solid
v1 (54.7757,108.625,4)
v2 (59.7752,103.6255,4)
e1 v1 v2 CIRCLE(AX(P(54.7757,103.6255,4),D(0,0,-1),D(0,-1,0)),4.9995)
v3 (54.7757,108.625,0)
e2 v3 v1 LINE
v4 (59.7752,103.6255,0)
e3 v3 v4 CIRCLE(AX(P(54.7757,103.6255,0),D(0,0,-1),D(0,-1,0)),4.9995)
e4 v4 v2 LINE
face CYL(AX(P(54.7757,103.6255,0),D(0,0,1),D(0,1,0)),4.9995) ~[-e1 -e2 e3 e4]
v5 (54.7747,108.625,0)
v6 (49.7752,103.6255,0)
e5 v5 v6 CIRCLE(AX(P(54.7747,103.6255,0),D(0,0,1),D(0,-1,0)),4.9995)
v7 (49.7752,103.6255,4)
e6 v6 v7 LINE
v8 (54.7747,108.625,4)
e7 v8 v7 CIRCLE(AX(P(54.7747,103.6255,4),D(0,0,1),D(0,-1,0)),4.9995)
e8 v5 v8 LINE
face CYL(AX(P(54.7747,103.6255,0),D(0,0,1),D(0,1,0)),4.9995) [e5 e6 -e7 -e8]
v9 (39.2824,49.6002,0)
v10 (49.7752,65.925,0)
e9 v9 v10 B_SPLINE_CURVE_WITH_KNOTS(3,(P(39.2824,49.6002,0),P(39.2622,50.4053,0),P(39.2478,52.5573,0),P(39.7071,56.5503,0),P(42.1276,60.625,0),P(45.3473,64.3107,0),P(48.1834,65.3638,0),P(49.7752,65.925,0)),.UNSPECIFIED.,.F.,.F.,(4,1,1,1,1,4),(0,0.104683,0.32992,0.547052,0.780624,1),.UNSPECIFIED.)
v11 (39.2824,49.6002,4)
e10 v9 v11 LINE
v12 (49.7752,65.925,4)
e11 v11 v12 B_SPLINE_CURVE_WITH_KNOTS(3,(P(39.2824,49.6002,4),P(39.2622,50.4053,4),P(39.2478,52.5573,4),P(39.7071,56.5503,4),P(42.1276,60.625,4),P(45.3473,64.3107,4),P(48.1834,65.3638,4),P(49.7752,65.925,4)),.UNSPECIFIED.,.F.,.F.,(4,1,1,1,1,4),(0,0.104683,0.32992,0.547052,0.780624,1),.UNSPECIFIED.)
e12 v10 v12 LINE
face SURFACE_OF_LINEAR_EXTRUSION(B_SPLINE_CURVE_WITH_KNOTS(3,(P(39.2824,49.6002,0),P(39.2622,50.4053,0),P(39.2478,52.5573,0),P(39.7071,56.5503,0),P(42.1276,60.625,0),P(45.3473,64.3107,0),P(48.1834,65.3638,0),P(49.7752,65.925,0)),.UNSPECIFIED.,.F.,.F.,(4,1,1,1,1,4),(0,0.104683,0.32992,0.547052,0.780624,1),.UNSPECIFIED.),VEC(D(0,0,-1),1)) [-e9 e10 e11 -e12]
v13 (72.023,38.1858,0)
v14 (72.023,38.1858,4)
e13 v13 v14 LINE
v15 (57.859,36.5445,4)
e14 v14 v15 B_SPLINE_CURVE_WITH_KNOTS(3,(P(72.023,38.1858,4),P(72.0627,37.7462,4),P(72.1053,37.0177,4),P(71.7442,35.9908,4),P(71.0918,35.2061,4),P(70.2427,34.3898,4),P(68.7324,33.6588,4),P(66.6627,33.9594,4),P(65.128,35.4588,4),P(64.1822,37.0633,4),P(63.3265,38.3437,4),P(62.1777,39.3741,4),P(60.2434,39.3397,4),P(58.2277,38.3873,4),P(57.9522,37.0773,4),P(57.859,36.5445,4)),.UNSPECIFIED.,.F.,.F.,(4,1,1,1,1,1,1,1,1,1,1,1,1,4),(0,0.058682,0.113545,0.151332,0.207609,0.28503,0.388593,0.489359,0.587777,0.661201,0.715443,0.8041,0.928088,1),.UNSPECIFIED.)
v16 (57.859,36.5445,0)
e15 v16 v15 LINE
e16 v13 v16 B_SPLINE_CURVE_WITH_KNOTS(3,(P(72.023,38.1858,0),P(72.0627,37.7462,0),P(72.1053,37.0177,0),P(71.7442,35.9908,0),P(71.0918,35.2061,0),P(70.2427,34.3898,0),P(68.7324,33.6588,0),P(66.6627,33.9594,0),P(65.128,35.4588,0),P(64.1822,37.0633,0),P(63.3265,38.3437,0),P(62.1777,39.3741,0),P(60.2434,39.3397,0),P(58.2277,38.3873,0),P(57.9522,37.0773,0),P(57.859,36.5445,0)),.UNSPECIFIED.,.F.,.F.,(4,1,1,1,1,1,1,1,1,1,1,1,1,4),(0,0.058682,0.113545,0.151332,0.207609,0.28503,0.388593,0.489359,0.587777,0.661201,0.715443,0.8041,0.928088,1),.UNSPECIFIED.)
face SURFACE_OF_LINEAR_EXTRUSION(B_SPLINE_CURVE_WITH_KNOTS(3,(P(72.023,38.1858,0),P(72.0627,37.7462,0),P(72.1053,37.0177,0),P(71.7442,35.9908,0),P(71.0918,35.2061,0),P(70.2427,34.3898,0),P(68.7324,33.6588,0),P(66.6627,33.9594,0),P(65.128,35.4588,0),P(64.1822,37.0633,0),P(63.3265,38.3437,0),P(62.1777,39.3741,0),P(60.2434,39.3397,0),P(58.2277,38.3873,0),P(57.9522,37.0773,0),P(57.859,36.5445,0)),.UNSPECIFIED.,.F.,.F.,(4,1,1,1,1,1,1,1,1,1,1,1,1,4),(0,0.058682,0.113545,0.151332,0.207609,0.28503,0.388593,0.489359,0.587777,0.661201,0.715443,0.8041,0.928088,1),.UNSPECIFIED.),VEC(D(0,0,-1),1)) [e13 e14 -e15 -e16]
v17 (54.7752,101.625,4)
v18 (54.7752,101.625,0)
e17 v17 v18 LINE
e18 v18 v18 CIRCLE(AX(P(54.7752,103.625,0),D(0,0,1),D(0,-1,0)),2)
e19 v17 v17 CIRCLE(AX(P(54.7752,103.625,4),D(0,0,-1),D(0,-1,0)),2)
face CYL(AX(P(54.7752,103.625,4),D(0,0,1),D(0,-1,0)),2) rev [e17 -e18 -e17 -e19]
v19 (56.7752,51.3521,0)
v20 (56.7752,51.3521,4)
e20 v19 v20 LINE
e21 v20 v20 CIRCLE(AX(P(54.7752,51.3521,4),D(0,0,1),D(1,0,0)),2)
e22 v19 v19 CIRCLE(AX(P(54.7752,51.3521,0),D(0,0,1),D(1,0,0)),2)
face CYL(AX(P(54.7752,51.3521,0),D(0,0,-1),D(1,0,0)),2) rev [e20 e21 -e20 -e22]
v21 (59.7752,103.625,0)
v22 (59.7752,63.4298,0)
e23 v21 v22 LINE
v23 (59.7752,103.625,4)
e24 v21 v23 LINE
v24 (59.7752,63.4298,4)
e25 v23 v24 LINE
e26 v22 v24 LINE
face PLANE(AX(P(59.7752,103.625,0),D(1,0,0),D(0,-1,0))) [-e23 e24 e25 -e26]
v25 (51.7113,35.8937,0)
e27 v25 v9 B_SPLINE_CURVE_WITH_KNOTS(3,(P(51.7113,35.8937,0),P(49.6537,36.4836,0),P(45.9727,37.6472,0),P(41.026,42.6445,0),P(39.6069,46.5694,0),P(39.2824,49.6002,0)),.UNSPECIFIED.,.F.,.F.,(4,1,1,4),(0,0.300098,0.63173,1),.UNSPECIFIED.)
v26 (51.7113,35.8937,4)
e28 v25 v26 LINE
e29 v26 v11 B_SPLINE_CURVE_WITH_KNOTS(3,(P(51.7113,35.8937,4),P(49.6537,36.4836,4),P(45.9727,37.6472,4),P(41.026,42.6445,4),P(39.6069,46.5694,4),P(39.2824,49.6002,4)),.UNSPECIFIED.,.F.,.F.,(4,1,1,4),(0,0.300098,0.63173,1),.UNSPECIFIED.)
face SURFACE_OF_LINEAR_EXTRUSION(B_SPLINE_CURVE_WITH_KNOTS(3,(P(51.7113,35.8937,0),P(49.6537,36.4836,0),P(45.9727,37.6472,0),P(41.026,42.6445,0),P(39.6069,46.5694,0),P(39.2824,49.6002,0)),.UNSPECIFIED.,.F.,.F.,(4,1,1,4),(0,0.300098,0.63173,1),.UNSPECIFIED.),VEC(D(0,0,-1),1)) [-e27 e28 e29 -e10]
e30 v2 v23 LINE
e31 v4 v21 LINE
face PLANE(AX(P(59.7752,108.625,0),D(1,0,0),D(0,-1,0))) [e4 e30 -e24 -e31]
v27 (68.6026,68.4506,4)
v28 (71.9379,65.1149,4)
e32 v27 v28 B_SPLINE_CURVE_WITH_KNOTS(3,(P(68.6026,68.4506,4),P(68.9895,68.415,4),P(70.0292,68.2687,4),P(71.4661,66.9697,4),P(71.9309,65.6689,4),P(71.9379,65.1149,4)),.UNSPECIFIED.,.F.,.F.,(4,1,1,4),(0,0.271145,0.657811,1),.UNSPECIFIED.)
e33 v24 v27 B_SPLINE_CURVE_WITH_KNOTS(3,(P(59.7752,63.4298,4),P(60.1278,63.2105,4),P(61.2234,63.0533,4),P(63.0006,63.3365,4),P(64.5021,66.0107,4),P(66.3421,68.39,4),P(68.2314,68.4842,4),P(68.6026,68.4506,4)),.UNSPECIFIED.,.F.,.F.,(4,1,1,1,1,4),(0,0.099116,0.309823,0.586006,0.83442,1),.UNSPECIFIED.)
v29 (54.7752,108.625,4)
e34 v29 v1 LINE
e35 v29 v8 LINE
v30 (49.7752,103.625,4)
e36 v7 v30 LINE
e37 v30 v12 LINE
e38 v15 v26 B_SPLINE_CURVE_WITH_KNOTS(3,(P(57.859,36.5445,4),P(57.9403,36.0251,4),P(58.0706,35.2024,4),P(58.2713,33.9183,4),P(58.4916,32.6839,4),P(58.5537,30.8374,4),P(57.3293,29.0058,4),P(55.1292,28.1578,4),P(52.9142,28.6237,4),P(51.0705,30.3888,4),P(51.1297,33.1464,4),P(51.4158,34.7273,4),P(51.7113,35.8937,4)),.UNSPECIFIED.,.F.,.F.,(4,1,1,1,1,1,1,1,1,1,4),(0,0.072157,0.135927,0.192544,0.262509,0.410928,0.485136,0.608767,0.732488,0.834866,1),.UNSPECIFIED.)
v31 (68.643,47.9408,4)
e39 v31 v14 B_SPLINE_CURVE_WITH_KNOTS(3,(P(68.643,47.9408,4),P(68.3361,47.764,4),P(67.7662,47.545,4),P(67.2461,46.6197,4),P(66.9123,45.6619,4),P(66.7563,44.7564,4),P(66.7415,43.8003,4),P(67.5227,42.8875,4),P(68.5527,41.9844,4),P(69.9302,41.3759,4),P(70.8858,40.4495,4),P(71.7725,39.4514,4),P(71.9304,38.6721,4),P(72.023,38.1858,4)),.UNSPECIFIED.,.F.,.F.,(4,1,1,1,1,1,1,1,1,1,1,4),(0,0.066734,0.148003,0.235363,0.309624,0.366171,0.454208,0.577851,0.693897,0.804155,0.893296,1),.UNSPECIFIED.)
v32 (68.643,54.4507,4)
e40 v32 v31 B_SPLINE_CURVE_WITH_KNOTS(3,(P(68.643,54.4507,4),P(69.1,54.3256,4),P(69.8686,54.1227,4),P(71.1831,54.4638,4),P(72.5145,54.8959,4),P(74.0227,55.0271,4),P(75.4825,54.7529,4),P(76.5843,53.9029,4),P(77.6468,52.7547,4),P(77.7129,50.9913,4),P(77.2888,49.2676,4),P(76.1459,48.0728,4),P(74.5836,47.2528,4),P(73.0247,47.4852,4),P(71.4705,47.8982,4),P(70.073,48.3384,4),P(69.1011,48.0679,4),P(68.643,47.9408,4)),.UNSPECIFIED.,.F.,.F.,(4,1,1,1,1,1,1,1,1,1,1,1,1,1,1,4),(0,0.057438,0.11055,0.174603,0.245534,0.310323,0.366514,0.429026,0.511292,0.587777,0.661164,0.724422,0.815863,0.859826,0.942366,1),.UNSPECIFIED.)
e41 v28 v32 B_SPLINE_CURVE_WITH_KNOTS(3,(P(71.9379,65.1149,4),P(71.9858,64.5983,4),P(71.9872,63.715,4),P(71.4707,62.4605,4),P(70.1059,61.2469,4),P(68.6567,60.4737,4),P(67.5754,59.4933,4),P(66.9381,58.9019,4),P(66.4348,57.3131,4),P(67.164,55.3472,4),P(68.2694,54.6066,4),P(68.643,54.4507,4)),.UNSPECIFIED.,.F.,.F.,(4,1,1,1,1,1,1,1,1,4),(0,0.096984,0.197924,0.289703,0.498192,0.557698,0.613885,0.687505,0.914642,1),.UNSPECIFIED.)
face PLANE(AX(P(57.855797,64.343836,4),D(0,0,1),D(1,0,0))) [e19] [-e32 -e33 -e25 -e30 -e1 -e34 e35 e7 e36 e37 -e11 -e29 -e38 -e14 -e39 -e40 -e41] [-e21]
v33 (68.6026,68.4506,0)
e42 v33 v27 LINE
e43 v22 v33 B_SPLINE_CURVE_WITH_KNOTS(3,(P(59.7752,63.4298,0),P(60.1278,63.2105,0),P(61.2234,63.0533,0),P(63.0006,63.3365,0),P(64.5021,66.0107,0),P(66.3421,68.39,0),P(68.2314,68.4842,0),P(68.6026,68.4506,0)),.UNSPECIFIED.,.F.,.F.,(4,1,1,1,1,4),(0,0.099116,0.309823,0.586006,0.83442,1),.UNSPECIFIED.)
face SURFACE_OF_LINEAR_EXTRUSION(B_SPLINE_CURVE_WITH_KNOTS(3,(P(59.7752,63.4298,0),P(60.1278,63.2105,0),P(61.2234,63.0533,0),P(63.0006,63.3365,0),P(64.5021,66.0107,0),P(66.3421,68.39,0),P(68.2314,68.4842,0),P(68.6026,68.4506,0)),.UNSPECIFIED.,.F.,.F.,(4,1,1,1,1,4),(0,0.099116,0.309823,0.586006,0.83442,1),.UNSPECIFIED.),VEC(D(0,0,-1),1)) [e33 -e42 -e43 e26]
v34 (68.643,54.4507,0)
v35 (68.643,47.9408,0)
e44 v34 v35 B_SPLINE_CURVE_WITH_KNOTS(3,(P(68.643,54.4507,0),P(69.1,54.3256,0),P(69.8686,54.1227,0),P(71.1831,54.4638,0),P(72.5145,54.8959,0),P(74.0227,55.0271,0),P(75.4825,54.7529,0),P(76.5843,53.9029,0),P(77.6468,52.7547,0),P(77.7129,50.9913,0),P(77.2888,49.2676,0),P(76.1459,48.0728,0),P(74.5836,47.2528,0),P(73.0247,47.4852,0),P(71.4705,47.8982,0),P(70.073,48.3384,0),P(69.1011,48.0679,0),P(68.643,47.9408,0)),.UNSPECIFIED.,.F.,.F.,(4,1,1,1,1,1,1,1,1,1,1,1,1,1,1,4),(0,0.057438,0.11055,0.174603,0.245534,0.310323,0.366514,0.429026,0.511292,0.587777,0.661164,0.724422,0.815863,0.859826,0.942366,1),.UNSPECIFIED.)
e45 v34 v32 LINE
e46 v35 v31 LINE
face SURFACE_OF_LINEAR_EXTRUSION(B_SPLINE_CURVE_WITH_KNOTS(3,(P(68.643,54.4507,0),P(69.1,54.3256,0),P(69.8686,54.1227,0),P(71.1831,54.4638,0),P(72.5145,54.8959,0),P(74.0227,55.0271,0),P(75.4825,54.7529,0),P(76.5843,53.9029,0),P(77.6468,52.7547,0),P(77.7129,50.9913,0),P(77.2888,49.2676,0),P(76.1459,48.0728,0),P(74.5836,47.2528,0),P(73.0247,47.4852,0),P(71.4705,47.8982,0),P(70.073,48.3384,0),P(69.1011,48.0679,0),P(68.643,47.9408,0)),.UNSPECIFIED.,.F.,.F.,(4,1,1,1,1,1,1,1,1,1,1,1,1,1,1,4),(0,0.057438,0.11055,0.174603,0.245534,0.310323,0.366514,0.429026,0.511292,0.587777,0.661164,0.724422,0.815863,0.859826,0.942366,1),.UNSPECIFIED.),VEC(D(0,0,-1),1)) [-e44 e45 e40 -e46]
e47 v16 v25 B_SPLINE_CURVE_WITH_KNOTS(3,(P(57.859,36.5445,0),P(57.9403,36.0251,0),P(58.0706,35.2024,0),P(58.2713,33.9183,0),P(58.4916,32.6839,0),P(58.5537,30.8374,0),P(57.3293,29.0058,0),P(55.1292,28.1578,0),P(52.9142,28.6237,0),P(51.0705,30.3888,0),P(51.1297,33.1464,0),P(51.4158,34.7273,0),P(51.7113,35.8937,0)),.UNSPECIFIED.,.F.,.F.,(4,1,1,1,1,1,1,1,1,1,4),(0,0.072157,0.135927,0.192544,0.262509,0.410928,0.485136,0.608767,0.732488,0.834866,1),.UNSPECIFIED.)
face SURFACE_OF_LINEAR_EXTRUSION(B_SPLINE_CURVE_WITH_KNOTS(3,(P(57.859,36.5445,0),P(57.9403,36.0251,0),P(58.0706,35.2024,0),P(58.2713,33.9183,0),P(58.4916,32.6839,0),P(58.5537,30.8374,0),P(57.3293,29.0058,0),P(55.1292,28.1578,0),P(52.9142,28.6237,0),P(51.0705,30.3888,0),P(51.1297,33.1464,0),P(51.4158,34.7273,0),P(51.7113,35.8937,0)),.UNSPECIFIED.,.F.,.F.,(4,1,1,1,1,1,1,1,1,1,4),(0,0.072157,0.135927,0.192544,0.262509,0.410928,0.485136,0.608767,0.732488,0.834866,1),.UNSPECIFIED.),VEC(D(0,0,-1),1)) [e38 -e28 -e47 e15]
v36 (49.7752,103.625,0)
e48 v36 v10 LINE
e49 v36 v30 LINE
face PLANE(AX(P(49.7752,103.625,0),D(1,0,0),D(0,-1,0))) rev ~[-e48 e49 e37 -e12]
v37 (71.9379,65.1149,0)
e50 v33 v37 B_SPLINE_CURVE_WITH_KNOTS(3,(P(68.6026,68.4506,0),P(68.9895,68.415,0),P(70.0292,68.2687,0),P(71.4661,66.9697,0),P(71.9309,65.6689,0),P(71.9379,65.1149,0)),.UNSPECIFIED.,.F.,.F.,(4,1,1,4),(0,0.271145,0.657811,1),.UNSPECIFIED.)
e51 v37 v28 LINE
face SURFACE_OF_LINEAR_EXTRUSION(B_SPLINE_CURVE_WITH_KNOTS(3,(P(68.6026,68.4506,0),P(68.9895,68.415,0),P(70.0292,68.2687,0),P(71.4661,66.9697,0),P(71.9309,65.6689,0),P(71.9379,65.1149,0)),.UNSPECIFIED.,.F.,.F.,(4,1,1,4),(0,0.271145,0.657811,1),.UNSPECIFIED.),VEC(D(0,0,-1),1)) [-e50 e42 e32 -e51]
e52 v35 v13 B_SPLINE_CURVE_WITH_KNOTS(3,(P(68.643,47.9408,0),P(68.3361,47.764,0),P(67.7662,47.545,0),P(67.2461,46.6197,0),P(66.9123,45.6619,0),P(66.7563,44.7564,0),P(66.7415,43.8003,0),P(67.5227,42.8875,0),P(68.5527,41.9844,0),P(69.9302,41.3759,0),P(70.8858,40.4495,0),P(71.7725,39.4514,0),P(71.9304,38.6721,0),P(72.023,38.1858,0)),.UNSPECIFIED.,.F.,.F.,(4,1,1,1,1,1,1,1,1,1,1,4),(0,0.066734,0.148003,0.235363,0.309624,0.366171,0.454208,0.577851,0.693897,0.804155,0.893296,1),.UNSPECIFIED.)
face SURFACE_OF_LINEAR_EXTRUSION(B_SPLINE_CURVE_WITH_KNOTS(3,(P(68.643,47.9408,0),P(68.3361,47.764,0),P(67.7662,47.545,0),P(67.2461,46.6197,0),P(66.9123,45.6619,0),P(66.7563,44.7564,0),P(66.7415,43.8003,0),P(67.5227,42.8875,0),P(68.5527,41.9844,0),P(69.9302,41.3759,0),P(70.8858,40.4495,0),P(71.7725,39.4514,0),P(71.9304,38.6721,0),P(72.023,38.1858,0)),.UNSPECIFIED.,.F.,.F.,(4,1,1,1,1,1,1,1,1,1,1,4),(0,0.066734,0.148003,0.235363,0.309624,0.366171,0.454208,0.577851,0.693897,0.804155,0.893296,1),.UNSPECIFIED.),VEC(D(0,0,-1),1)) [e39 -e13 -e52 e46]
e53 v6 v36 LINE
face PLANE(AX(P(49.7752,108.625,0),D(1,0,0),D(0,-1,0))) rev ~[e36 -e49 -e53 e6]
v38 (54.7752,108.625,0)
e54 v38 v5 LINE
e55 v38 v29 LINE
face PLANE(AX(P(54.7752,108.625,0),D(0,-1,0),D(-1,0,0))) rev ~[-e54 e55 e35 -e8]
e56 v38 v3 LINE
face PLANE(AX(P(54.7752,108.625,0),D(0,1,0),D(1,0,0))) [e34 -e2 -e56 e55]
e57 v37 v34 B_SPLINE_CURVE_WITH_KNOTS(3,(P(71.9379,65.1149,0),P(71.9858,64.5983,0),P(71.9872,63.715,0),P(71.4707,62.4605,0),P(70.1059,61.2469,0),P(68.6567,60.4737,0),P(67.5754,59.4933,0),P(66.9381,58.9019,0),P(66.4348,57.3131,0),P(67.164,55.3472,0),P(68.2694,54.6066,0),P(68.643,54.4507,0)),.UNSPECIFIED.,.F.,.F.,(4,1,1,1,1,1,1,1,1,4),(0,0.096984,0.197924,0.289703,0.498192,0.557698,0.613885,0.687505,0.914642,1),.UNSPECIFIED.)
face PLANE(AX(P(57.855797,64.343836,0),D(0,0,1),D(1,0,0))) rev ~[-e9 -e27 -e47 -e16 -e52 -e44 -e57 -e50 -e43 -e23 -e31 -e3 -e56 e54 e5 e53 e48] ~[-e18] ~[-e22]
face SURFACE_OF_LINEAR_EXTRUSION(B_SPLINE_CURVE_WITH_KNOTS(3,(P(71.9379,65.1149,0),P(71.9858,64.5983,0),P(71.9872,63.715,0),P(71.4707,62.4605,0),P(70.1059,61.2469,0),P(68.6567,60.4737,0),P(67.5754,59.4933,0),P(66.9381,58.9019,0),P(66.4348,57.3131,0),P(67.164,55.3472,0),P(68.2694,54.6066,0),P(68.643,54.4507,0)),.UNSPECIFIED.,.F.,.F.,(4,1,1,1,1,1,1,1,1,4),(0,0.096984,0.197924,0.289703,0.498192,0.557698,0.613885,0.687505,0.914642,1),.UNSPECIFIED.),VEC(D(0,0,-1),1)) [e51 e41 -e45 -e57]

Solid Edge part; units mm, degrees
sketch "Sketch1" plane through (0, 0, 0) normal (0, 0, 1) x (1, 0, 0)
  line L0 (54.7752, 108.625) -> (49.7752, 108.625)
  line L1 (49.7752, 108.625) -> (49.7752, 103.625)
  line L2 (49.7752, 103.625) -> (49.7752, 65.925)
  spline S0 degree 3 poles (39.2824, 49.6002) (39.2622, 50.4053) (39.2478, 52.5573) (39.7071, 56.5503) (42.1276, 60.625) (45.3473, 64.3107) (48.1834, 65.3638) (49.7752, 65.925) knots 0 0 0 0 0.104683 0.32992 0.547052 0.780624 1 1 1 1
  spline S1 degree 3 poles (51.7113, 35.8937) (49.6537, 36.4836) (45.9727, 37.6472) (41.026, 42.6445) (39.6069, 46.5694) (39.2824, 49.6002) knots 0 0 0 0 0.300098 0.63173 1 1 1 1
  spline S2 degree 3 poles (57.859, 36.5445) (57.9403, 36.0251) (58.0706, 35.2024) (58.2713, 33.9183) (58.4916, 32.6839) (58.5537, 30.8374) (57.3293, 29.0058) (55.1292, 28.1578) (52.9142, 28.6237) (51.0705, 30.3888) (51.1297, 33.1464) (51.4158, 34.7273) (51.7113, 35.8937) knots 0 0 0 0 0.072157 0.135927 0.192544 0.262509 0.410928 0.485136 0.608767 0.732488 0.834866 1 1 1 1
  spline S3 degree 3 poles (72.023, 38.1858) (72.0627, 37.7462) (72.1053, 37.0177) (71.7442, 35.9908) (71.0918, 35.2061) (70.2427, 34.3898) (68.7324, 33.6588) (66.6627, 33.9594) (65.128, 35.4588) (64.1822, 37.0633) (63.3265, 38.3437) (62.1777, 39.3741) (60.2434, 39.3397) (58.2277, 38.3873) (57.9522, 37.0773) (57.859, 36.5445) knots 0 0 0 0 0.058682 0.113545 0.151332 0.207609 0.28503 0.388593 0.489359 0.587777 0.661201 0.715443 0.8041 0.928088 1 1 1 1
  spline S4 degree 3 poles (68.643, 47.9408) (68.3361, 47.764) (67.7662, 47.545) (67.2461, 46.6197) (66.9123, 45.6619) (66.7563, 44.7564) (66.7415, 43.8003) (67.5227, 42.8875) (68.5527, 41.9844) (69.9302, 41.3759) (70.8858, 40.4495) (71.7725, 39.4514) (71.9304, 38.6721) (72.023, 38.1858) knots 0 0 0 0 0.066734 0.148003 0.235363 0.309624 0.366171 0.454208 0.577851 0.693897 0.804155 0.893296 1 1 1 1
  spline S5 degree 3 poles (68.643, 54.4507) (69.1, 54.3256) (69.8686, 54.1227) (71.1831, 54.4638) (72.5145, 54.8959) (74.0227, 55.0271) (75.4825, 54.7529) (76.5843, 53.9029) (77.6468, 52.7547) (77.7129, 50.9913) (77.2888, 49.2676) (76.1459, 48.0728) (74.5836, 47.2528) (73.0247, 47.4852) (71.4705, 47.8982) (70.073, 48.3384) (69.1011, 48.0679) (68.643, 47.9408) knots 0 0 0 0 0.057438 0.11055 0.174603 0.245534 0.310323 0.366514 0.429026 0.511292 0.587777 0.661164 0.724422 0.815863 0.859826 0.942366 1 1 1 1
  spline S6 degree 3 poles (71.9379, 65.1149) (71.9858, 64.5983) (71.9872, 63.715) (71.4707, 62.4605) (70.1059, 61.2469) (68.6567, 60.4737) (67.5754, 59.4933) (66.9381, 58.9019) (66.4348, 57.3131) (67.164, 55.3472) (68.2694, 54.6066) (68.643, 54.4507) knots 0 0 0 0 0.096984 0.197924 0.289703 0.498192 0.557698 0.613885 0.687505 0.914642 1 1 1 1
  spline S7 degree 3 poles (68.6026, 68.4506) (68.9895, 68.415) (70.0292, 68.2687) (71.4661, 66.9697) (71.9309, 65.6689) (71.9379, 65.1149) knots 0 0 0 0 0.271145 0.657811 1 1 1 1
  spline S8 degree 3 poles (59.7752, 63.4298) (60.1278, 63.2105) (61.2234, 63.0533) (63.0006, 63.3365) (64.5021, 66.0107) (66.3421, 68.39) (68.2314, 68.4842) (68.6026, 68.4506) knots 0 0 0 0 0.099116 0.309823 0.586006 0.83442 1 1 1 1
  line L3 (59.7752, 103.625) -> (59.7752, 63.4298)
  line L4 (59.7752, 108.625) -> (59.7752, 103.625)
  line L5 (54.7752, 108.625) -> (59.7752, 108.625)
  circle A0 centre (54.7752, 51.3521) radius 2
extrude "Protrusion1" add sketch "Sketch1" along normal blind 4
hole "Furo_1" at (54.7752, 103.625, 4) direction (0, 0, -1) diameter 4 end up to next
fillet "Redondo_1" radius 5 2 edges at (59.7752, 108.625, 2) (49.7752, 108.625, 2)
